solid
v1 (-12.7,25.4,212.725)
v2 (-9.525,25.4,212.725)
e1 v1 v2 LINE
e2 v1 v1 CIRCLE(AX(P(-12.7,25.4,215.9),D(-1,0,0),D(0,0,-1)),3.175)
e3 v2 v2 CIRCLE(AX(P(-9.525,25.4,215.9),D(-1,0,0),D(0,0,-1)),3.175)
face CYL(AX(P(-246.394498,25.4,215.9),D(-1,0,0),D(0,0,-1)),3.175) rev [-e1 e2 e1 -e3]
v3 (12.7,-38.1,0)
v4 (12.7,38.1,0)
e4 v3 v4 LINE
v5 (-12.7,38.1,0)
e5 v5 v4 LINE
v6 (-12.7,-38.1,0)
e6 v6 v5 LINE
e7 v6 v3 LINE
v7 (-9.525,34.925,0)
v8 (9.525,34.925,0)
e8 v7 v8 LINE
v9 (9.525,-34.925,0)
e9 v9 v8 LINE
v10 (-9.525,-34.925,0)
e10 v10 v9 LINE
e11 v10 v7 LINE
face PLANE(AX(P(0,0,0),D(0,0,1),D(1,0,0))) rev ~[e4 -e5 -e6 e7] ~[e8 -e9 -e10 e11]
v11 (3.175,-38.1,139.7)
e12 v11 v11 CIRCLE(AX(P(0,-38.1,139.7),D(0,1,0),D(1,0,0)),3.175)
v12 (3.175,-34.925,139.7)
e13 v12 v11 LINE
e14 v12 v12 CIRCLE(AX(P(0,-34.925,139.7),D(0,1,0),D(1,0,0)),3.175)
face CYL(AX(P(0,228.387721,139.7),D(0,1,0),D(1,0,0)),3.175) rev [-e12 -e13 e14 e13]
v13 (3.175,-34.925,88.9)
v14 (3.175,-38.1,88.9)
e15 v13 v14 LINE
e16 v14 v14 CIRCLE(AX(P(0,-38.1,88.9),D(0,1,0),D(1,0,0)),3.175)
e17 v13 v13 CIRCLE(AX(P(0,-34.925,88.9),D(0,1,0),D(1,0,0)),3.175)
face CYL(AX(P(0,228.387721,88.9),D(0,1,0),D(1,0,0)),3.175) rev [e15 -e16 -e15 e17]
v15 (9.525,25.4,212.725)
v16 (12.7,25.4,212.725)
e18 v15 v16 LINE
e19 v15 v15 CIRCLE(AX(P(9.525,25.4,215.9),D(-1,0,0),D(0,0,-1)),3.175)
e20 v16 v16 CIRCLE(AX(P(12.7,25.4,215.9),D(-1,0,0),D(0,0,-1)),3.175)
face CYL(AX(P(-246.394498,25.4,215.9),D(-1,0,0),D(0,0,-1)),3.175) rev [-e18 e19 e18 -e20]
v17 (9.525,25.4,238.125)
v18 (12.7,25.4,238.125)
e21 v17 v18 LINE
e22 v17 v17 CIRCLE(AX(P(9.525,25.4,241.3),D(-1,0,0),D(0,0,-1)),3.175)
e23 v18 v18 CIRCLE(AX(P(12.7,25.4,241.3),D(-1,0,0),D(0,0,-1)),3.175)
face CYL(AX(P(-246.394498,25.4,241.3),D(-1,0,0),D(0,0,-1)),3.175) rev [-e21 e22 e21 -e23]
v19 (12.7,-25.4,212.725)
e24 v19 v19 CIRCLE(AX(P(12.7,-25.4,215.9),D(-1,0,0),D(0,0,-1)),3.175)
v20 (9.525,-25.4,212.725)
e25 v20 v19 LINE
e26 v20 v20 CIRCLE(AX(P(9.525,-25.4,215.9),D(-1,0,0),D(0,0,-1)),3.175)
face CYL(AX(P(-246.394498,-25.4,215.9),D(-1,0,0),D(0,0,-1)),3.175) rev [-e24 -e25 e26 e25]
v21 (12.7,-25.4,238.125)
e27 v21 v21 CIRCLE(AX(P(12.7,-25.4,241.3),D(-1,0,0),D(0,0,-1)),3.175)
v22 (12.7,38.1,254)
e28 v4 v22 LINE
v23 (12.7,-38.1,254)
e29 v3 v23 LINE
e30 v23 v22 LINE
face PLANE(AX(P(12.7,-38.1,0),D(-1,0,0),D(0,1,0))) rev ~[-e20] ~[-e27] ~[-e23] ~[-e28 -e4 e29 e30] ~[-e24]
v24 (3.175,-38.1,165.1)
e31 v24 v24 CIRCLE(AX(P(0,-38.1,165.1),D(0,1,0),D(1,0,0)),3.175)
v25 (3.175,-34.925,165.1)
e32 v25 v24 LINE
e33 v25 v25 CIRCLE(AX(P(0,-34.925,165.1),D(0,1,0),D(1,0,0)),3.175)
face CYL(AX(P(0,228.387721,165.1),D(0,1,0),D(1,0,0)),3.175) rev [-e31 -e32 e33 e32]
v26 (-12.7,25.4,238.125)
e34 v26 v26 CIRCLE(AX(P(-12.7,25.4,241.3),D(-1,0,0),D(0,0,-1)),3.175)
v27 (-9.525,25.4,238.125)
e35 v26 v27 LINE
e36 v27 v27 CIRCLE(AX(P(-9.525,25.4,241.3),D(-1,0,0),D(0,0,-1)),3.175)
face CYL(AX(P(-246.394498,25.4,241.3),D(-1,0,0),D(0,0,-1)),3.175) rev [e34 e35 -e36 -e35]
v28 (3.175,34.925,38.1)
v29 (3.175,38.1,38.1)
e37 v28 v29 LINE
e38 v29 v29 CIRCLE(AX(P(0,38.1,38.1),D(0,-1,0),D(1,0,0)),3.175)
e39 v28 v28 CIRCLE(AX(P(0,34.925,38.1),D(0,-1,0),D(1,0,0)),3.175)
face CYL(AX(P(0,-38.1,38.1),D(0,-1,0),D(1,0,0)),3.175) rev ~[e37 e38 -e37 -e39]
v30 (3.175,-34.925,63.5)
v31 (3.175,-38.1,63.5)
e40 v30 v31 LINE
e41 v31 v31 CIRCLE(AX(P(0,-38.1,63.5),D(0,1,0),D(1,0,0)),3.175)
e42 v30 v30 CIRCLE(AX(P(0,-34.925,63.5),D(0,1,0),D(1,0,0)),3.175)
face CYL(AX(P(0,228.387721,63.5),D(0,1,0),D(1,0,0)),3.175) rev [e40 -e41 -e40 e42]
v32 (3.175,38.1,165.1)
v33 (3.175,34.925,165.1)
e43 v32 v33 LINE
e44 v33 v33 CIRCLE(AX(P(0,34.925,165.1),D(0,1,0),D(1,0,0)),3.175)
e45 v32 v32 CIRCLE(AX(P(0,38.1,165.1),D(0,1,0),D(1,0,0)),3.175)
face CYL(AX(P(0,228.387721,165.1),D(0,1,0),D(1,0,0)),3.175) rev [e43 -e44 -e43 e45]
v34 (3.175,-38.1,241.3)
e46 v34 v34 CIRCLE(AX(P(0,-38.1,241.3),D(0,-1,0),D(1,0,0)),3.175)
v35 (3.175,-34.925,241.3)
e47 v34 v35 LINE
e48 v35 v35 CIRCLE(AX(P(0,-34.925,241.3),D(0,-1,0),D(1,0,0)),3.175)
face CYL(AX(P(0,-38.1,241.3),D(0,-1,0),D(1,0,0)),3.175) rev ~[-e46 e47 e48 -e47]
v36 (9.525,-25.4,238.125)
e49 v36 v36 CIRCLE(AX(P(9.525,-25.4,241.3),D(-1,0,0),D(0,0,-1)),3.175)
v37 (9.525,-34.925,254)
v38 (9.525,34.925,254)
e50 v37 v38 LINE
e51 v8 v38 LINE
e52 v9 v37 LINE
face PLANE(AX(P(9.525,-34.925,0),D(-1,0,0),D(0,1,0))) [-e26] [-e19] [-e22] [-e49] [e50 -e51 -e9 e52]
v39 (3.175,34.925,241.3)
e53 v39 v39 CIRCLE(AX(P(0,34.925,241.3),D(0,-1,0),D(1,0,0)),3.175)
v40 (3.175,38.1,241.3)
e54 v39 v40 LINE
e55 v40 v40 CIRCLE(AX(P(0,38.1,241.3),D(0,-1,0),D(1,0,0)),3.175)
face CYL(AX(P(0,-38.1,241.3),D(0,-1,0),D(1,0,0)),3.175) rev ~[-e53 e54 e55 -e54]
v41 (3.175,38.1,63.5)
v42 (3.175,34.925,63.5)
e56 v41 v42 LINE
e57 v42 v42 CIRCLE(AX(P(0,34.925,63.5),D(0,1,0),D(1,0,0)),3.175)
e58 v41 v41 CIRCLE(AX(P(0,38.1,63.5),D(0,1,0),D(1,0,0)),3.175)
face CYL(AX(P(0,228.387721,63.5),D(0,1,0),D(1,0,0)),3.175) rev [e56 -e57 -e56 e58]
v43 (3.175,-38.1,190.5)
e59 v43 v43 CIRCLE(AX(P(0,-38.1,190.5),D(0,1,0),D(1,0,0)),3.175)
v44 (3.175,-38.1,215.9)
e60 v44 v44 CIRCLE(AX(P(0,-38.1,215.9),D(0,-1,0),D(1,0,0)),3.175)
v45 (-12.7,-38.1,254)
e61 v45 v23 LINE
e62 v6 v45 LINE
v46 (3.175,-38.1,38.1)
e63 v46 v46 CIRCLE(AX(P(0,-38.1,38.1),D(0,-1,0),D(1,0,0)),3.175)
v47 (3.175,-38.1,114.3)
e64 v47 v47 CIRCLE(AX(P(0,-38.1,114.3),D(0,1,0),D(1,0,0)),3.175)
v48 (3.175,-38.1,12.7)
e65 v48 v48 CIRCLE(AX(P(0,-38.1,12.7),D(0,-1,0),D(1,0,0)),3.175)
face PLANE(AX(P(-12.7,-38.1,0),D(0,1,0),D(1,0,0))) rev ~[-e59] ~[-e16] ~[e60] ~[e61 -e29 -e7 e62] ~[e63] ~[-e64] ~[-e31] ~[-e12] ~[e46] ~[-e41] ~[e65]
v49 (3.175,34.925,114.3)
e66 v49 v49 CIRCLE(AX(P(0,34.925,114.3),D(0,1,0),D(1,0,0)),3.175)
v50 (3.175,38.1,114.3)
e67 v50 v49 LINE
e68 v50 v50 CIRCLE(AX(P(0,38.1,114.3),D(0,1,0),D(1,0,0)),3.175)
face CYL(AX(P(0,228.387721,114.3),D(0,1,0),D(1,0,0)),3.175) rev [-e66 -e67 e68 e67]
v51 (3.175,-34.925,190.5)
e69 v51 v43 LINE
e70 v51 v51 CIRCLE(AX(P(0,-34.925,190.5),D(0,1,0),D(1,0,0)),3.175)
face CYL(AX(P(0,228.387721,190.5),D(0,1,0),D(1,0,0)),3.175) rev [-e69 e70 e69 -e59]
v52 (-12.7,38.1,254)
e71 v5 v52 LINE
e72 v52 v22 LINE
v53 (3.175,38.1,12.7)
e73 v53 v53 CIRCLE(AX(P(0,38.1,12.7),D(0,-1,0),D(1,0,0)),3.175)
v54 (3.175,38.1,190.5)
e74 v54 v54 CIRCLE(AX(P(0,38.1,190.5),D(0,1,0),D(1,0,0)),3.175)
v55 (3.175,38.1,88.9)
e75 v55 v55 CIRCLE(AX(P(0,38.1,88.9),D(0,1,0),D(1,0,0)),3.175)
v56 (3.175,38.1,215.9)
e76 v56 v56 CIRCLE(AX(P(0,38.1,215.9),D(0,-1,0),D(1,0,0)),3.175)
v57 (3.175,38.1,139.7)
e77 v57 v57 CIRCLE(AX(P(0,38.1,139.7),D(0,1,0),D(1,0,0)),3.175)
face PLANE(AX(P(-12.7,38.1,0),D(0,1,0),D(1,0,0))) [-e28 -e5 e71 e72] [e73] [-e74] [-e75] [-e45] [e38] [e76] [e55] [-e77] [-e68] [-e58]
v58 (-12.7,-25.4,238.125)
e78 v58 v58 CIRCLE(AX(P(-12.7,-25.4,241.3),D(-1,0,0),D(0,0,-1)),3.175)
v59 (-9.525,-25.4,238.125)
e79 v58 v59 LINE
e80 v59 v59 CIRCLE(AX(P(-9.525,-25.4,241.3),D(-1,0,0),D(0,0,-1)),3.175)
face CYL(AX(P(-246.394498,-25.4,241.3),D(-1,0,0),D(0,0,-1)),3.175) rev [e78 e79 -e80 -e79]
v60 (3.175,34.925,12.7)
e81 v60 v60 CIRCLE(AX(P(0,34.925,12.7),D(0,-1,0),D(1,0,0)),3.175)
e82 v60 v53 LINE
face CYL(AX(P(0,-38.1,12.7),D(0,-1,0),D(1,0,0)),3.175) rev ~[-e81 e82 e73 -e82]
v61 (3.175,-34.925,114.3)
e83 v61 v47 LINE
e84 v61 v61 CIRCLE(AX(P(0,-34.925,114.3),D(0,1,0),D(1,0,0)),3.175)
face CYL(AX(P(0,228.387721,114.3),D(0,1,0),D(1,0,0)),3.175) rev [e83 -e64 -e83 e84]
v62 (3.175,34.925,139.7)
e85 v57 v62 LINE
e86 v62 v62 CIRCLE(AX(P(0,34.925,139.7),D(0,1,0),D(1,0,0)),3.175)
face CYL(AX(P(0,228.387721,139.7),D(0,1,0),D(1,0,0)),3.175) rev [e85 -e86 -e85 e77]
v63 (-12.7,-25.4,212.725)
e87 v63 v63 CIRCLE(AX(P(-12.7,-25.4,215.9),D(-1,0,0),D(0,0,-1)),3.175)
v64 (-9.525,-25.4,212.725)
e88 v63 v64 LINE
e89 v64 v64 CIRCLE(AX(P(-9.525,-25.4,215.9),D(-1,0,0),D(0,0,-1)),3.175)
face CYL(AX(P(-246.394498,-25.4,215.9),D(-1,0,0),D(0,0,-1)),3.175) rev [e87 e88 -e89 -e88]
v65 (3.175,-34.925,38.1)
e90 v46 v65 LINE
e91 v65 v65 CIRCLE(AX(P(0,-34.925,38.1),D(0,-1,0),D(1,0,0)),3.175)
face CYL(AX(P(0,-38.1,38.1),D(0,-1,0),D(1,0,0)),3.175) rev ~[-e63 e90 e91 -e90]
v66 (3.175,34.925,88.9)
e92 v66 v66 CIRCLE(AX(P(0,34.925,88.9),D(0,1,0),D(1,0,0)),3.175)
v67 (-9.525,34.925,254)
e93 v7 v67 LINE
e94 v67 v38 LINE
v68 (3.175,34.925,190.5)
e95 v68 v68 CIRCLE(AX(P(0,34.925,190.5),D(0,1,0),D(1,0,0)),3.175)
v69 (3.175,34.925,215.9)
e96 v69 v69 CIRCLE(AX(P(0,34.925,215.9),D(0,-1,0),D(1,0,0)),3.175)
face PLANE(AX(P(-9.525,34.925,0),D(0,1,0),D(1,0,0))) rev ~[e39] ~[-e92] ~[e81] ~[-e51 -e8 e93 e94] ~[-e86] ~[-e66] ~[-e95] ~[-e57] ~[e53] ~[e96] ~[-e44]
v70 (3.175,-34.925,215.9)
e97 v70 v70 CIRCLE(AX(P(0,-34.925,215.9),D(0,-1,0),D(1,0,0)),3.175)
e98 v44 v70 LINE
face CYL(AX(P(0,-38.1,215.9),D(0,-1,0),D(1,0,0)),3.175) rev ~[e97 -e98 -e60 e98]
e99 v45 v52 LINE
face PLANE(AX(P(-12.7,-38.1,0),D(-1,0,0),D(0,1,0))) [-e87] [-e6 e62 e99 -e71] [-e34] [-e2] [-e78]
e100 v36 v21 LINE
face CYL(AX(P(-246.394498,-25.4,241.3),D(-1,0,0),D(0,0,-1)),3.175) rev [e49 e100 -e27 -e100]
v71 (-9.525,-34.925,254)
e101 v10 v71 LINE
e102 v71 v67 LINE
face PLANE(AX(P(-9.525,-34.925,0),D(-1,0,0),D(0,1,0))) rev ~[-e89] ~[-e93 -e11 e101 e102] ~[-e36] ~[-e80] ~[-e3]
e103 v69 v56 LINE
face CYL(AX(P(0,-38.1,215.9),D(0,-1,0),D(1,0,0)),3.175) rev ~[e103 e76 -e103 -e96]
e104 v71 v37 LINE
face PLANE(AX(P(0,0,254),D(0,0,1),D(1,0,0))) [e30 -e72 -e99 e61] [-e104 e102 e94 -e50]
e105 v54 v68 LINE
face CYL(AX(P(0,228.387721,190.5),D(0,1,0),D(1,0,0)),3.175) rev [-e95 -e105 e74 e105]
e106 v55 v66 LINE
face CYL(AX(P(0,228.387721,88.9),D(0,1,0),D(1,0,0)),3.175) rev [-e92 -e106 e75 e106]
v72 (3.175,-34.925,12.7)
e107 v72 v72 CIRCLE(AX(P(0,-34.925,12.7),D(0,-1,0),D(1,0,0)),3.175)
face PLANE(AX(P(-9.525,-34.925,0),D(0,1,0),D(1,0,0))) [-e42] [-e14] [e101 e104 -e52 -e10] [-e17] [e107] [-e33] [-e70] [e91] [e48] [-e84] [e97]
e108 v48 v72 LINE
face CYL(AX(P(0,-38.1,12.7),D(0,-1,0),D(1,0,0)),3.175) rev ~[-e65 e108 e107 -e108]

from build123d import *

# Parameters (mm, degrees)
SKETCH1_W               = 25.4
SKETCH1_H               = 76.2
SKETCH1_W_2             = 19.05
SKETCH1_H_2             = 69.85
BOSS_EXTRUDE3_DEPTH     = 254
SKETCH6_R               = 3.175
CUT_EXTRUDE1_DEPTH      = 806.45
CUT_EXTRUDE2_DEPTH      = 266.487720997
CUT_EXTRUDE2_DEPTH_BACK = 266.487720997
SKETCH7_R               = 3.175
CUT_EXTRUDE4_DEPTH      = 266.487720997
CUT_EXTRUDE4_DEPTH_BACK = 266.487720997
SKETCH8_R               = 3.175
CUT_EXTRUDE6_DEPTH      = 259.094498198
CUT_EXTRUDE6_DEPTH_BACK = 259.094498198
SKETCH11_R              = 3.175


with BuildPart() as part:
    # Sketch1 → Boss-Extrude3 (new body)
    with BuildSketch(Plane.XY):
        Rectangle(SKETCH1_W, SKETCH1_H)
        Rectangle(SKETCH1_W_2, SKETCH1_H_2, mode=Mode.SUBTRACT)
    extrude(amount=BOSS_EXTRUDE3_DEPTH)

    # Sketch6 → Cut-Extrude1 (cut)
    with BuildSketch(Plane(origin=(0, -38.1, 0), x_dir=(-1, 0, 0), z_dir=(0, -1, 0))):
        with Locations(Location((0, -12.7, 0), (0, 0, 180))):
            Circle(SKETCH6_R)
        with Locations(Location((0, -38.1, 0), (0, 0, 180))):
            Circle(SKETCH6_R)
        with Locations(Location((0, -241.3, 0), (0, 0, 180))):
            Circle(SKETCH6_R)
        with Locations(Location((0, -215.9, 0), (0, 0, 180))):
            Circle(SKETCH6_R)
    extrude(amount=-CUT_EXTRUDE1_DEPTH, mode=Mode.SUBTRACT)

    # Sketch7 → Cut-Extrude2 (cut, two sides: drawn at the far end of the back side and taken through both)
    with BuildSketch(Plane(origin=(0, -38.1, 0), x_dir=(-1, 0, 0), z_dir=(0, -1, 0)).offset(-CUT_EXTRUDE2_DEPTH_BACK)):
        with Locations(Location((0, -88.9, 0), (0, 0, 180))):
            Circle(SKETCH7_R)
        with Locations(Location((0, -114.3, 0), (0, 0, 180))):
            Circle(SKETCH7_R)
        with Locations(Location((0, -165.1, 0), (0, 0, 180))):
            Circle(SKETCH7_R)
        with Locations(Location((0, -139.7, 0), (0, 0, 180))):
            Circle(SKETCH7_R)
    extrude(amount=CUT_EXTRUDE2_DEPTH + CUT_EXTRUDE2_DEPTH_BACK, mode=Mode.SUBTRACT)

    # Sketch8 → Cut-Extrude4 (cut, two sides: drawn at the far end of the back side and taken through both)
    with BuildSketch(Plane(origin=(0, -38.1, 0), x_dir=(-1, 0, 0), z_dir=(0, -1, 0)).offset(-CUT_EXTRUDE4_DEPTH_BACK)):
        with Locations(Location((0, -190.5, 0), (0, 0, 180))):
            Circle(SKETCH8_R)
        with Locations(Location((0, -215.9, 0), (0, 0, 180))):
            Circle(SKETCH8_R)
        with Locations(Location((0, -63.5, 0), (0, 0, 180))):
            Circle(SKETCH8_R)
        with Locations(Location((0, -38.1, 0), (0, 0, 180))):
            Circle(SKETCH8_R)
    extrude(amount=CUT_EXTRUDE4_DEPTH + CUT_EXTRUDE4_DEPTH_BACK, mode=Mode.SUBTRACT)

    # Sketch11 → Cut-Extrude6 (cut, two sides: drawn at the far end of the back side and taken through both)
    with BuildSketch(Plane(origin=(12.7, 0, 0), x_dir=(0, 0, -1), z_dir=(1, 0, 0)).offset(-CUT_EXTRUDE6_DEPTH_BACK)):
        with Locations((-241.3, -25.4)):
            Circle(SKETCH11_R)
        with Locations((-215.9, -25.4)):
            Circle(SKETCH11_R)
        with Locations((-215.9, 25.4)):
            Circle(SKETCH11_R)
        with Locations((-241.3, 25.4)):
            Circle(SKETCH11_R)
    extrude(amount=CUT_EXTRUDE6_DEPTH + CUT_EXTRUDE6_DEPTH_BACK, mode=Mode.SUBTRACT)


solid = part.part
